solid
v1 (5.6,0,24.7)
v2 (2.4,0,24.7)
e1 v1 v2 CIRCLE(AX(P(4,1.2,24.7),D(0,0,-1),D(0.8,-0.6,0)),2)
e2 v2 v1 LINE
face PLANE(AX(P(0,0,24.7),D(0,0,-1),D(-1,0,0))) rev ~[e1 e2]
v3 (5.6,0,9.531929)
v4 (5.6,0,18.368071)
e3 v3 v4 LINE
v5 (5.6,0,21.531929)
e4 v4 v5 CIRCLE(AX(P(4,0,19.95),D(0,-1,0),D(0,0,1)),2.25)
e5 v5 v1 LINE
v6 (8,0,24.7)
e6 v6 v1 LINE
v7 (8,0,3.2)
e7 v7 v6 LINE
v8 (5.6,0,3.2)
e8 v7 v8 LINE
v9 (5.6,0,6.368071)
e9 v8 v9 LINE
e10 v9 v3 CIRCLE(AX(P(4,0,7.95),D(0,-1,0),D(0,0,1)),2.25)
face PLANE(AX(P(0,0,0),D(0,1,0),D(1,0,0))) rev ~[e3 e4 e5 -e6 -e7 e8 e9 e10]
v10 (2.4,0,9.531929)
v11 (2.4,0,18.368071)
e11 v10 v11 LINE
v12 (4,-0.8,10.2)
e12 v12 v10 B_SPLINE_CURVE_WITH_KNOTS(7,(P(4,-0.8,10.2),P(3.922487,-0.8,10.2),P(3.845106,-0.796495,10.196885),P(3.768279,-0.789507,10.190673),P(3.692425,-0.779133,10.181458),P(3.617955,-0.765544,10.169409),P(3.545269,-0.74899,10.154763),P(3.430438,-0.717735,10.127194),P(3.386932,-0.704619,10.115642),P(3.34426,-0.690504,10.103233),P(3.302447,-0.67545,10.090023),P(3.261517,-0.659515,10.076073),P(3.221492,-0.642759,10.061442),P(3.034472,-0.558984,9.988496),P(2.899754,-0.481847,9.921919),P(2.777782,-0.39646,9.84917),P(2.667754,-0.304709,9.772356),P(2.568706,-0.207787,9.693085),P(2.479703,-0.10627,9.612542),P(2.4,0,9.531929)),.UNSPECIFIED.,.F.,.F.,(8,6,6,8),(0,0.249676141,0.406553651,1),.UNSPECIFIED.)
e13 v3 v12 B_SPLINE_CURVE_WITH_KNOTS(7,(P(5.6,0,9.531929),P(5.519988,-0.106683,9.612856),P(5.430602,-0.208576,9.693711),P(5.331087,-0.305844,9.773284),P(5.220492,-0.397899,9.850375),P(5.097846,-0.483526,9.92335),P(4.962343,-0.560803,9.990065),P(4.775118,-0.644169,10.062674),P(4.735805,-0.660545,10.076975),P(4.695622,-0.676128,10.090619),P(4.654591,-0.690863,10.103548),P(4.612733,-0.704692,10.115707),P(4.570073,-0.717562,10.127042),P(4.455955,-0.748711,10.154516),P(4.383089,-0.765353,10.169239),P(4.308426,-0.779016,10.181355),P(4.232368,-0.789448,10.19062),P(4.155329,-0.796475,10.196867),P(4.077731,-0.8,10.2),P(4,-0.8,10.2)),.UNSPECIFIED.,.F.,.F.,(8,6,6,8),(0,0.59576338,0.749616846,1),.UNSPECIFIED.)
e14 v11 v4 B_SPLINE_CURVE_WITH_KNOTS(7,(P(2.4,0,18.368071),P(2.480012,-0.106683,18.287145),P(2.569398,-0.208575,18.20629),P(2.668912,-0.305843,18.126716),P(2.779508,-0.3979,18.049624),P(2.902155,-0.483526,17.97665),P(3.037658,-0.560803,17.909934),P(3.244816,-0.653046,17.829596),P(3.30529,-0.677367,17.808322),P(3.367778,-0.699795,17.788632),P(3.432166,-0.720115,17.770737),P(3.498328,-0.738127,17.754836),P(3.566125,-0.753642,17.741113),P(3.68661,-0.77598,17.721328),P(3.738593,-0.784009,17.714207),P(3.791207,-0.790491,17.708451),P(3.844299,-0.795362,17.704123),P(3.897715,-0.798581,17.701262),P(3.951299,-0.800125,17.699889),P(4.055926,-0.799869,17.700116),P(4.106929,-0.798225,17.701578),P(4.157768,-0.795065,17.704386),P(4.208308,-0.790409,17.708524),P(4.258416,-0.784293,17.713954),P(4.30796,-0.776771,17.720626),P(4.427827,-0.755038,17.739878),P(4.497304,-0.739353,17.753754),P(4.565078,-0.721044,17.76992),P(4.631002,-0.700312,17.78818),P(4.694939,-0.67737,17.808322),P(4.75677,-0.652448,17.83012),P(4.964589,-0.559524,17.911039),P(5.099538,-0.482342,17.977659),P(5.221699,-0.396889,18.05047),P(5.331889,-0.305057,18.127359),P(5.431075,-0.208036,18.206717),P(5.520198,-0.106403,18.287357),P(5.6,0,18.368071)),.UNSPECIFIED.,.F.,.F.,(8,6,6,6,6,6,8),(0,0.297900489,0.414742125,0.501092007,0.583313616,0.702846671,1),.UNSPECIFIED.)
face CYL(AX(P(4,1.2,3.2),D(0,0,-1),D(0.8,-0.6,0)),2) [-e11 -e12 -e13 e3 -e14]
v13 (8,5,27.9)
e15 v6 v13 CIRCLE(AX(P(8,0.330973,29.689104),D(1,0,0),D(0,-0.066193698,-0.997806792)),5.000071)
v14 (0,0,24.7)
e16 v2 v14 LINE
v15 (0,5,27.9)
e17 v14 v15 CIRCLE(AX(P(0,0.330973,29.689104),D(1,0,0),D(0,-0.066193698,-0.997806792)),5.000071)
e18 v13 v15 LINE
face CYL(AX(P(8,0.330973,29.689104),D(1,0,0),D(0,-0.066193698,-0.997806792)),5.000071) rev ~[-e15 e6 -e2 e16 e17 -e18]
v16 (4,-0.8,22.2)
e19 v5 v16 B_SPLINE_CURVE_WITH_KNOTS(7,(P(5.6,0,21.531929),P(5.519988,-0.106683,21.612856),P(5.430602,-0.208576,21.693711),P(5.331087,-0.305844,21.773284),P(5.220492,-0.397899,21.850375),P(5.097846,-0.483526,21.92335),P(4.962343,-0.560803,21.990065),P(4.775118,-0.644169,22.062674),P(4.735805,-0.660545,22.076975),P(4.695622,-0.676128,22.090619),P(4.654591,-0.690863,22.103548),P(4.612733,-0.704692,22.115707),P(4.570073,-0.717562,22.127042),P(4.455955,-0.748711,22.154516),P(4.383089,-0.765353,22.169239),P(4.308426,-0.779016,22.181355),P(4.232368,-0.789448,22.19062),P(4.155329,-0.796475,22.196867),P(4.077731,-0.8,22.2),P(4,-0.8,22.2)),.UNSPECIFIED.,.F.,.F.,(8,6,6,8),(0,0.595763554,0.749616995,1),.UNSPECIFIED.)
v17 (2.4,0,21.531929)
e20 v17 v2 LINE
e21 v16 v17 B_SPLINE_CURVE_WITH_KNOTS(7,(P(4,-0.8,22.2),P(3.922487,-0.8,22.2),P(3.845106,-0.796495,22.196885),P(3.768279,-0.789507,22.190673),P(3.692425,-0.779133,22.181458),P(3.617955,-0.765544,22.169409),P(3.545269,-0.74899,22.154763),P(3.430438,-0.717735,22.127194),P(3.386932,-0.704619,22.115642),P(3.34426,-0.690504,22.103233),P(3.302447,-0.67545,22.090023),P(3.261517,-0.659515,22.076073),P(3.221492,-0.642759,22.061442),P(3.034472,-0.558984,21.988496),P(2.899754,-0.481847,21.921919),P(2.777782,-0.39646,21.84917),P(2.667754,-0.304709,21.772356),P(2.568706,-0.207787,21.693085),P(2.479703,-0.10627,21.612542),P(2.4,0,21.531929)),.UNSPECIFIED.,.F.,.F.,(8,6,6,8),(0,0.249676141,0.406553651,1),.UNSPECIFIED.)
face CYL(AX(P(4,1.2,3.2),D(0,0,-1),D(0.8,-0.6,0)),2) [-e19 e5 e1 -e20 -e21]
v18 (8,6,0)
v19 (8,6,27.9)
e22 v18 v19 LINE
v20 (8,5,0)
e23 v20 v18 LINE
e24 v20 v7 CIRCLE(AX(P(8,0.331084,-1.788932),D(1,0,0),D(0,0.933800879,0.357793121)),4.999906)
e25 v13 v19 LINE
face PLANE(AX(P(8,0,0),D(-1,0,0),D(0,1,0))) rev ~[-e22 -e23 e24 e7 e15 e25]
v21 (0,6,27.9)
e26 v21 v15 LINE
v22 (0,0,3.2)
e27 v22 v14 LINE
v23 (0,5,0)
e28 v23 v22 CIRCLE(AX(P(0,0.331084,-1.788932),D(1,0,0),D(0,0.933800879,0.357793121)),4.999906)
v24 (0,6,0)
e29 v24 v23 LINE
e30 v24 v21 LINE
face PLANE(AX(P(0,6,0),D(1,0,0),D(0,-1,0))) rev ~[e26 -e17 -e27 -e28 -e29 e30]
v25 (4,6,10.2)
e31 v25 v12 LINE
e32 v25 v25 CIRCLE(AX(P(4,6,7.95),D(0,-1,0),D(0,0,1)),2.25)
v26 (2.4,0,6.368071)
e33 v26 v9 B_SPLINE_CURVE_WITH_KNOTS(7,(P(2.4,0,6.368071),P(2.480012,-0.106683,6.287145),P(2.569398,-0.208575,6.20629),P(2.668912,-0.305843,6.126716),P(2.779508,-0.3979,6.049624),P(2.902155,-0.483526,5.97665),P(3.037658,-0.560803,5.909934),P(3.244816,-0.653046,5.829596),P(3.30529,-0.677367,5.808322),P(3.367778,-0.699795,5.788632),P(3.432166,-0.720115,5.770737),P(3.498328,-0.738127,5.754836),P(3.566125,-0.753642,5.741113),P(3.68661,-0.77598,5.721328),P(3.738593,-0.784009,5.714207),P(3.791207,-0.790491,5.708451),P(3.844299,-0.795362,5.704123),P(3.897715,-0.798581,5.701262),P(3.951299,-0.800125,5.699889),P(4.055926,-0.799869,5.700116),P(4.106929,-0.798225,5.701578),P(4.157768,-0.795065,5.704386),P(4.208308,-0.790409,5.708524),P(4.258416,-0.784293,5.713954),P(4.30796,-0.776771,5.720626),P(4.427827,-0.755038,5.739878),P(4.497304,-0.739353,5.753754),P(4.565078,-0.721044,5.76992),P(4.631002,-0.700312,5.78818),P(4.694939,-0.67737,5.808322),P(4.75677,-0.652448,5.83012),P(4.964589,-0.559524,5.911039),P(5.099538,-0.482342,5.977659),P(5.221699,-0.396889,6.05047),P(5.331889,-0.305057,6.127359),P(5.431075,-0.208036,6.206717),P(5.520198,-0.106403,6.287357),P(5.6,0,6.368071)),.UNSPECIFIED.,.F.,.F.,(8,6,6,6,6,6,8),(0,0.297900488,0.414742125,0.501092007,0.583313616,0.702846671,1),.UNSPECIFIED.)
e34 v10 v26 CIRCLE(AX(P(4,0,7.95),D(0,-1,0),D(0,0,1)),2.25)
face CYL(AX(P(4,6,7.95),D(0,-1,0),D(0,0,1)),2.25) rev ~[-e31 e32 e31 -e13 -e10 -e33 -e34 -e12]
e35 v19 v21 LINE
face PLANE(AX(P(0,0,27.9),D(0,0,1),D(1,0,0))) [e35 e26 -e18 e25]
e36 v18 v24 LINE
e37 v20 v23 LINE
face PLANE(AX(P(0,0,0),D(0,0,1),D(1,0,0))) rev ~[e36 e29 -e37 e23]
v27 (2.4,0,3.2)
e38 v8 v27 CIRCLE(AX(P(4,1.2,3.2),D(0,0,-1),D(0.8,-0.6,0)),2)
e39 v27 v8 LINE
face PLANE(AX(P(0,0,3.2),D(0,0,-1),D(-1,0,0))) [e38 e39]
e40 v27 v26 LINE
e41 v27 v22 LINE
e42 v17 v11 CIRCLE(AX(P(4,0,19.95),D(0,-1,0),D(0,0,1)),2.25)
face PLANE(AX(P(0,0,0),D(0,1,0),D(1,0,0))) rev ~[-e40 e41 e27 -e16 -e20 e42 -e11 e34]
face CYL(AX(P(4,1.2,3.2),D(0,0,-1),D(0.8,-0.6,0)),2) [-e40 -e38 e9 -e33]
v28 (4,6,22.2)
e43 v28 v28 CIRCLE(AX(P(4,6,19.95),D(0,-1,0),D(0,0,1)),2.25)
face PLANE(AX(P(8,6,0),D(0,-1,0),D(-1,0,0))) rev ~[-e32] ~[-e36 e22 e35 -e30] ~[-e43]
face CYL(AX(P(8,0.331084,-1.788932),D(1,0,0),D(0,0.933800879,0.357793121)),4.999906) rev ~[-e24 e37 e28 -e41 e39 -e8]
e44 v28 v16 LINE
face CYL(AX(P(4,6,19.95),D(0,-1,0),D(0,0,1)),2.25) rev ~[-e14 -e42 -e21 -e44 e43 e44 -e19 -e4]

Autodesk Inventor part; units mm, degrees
ref_plane "YZ Plane" through (0, 0, 0) normal (1, 0, 0) x (0, 1, 0)
ref_plane "XZ Plane" through (0, 0, 0) normal (0, 1, 0) x (-1, 0, 0)
sketch "Sketch1" plane through (0, 0, 0) normal (0, 0, 1) x (1, 0, 0)
  line L0 (0, 0) -> (8, 0)
  line L1 (8, 0) -> (8, 6)
  line L2 (8, 6) -> (0, 6)
  line L3 (0, 6) -> (0, 0)
  dimension "d0" = 8
  dimension "d1" = 6
extrude "Extrusion1" add sketch "Sketch1" along normal blind 27.9
sketch "Sketch3" plane through (8, 0, 0) normal (1, 0, 0) x (0, 0, -1)
  line L0 (0, 0) -> (0, 6) projected
  line L1 (-27.9, 0) -> (-27.9, 6) projected
  line L2 (0, 0) -> (-27.9, 0) projected
  arc A0 (-24.7, 0) -> (-27.9, 5) centre (-29.689, 0.331) ccw
  arc A1 (0, 5) -> (-3.2, 0) centre (1.789, 0.331) ccw
  dimension "d14" = 5
  dimension "d15" = 3.2
  dimension "d16" = 1
extrude "Extrusion2" cut sketch "Sketch3" against normal up to next
ref_plane "Work Plane1" through (0, 0, 3.2) normal (0, 0, -1) x (-1, 0, 0)
sketch "Sketch4" plane through (0, 0, 3.2) normal (0, 0, -1) x (-1, 0, 0)
  line L0 (0, 0) -> (-8, 0) projected
  line L1 (-8, 0) -> (0, 0) projected
  arc A0 (-5.6, 0) -> (-2.4, 0) centre (-4, 1.2) ccw
  line L2 (-8, 0) -> (-8, 5) projected
  line L3 (-5.6, 0) -> (-2.4, 0)
  dimension "d20" = 2
  dimension "d21" = 4
  dimension "d22" = 1.2
extrude "Extrusion3" add sketch "Sketch4" against normal blind 21.5
sketch "Sketch2" plane through (0, 6, 0) normal (0, 1, 0) x (1, 0, 0)
  line L0 (8, -27.9) -> (0, -27.9) projected
  line L1 (8, 0) -> (8, -27.9) projected
  point P0 (4, -7.95)
  point P1 (4, -19.95)
  dimension "d4" = 12
  dimension "d5" = 7.95
  dimension "d6" = 4
hole "Hole1" at (4, 6, 7.95) at (4, 6, 19.95) direction (0, -1, 0) diameter 4.5 end through all
properties part number "Infill3DSpringHandle" material "ABS Plastic"
